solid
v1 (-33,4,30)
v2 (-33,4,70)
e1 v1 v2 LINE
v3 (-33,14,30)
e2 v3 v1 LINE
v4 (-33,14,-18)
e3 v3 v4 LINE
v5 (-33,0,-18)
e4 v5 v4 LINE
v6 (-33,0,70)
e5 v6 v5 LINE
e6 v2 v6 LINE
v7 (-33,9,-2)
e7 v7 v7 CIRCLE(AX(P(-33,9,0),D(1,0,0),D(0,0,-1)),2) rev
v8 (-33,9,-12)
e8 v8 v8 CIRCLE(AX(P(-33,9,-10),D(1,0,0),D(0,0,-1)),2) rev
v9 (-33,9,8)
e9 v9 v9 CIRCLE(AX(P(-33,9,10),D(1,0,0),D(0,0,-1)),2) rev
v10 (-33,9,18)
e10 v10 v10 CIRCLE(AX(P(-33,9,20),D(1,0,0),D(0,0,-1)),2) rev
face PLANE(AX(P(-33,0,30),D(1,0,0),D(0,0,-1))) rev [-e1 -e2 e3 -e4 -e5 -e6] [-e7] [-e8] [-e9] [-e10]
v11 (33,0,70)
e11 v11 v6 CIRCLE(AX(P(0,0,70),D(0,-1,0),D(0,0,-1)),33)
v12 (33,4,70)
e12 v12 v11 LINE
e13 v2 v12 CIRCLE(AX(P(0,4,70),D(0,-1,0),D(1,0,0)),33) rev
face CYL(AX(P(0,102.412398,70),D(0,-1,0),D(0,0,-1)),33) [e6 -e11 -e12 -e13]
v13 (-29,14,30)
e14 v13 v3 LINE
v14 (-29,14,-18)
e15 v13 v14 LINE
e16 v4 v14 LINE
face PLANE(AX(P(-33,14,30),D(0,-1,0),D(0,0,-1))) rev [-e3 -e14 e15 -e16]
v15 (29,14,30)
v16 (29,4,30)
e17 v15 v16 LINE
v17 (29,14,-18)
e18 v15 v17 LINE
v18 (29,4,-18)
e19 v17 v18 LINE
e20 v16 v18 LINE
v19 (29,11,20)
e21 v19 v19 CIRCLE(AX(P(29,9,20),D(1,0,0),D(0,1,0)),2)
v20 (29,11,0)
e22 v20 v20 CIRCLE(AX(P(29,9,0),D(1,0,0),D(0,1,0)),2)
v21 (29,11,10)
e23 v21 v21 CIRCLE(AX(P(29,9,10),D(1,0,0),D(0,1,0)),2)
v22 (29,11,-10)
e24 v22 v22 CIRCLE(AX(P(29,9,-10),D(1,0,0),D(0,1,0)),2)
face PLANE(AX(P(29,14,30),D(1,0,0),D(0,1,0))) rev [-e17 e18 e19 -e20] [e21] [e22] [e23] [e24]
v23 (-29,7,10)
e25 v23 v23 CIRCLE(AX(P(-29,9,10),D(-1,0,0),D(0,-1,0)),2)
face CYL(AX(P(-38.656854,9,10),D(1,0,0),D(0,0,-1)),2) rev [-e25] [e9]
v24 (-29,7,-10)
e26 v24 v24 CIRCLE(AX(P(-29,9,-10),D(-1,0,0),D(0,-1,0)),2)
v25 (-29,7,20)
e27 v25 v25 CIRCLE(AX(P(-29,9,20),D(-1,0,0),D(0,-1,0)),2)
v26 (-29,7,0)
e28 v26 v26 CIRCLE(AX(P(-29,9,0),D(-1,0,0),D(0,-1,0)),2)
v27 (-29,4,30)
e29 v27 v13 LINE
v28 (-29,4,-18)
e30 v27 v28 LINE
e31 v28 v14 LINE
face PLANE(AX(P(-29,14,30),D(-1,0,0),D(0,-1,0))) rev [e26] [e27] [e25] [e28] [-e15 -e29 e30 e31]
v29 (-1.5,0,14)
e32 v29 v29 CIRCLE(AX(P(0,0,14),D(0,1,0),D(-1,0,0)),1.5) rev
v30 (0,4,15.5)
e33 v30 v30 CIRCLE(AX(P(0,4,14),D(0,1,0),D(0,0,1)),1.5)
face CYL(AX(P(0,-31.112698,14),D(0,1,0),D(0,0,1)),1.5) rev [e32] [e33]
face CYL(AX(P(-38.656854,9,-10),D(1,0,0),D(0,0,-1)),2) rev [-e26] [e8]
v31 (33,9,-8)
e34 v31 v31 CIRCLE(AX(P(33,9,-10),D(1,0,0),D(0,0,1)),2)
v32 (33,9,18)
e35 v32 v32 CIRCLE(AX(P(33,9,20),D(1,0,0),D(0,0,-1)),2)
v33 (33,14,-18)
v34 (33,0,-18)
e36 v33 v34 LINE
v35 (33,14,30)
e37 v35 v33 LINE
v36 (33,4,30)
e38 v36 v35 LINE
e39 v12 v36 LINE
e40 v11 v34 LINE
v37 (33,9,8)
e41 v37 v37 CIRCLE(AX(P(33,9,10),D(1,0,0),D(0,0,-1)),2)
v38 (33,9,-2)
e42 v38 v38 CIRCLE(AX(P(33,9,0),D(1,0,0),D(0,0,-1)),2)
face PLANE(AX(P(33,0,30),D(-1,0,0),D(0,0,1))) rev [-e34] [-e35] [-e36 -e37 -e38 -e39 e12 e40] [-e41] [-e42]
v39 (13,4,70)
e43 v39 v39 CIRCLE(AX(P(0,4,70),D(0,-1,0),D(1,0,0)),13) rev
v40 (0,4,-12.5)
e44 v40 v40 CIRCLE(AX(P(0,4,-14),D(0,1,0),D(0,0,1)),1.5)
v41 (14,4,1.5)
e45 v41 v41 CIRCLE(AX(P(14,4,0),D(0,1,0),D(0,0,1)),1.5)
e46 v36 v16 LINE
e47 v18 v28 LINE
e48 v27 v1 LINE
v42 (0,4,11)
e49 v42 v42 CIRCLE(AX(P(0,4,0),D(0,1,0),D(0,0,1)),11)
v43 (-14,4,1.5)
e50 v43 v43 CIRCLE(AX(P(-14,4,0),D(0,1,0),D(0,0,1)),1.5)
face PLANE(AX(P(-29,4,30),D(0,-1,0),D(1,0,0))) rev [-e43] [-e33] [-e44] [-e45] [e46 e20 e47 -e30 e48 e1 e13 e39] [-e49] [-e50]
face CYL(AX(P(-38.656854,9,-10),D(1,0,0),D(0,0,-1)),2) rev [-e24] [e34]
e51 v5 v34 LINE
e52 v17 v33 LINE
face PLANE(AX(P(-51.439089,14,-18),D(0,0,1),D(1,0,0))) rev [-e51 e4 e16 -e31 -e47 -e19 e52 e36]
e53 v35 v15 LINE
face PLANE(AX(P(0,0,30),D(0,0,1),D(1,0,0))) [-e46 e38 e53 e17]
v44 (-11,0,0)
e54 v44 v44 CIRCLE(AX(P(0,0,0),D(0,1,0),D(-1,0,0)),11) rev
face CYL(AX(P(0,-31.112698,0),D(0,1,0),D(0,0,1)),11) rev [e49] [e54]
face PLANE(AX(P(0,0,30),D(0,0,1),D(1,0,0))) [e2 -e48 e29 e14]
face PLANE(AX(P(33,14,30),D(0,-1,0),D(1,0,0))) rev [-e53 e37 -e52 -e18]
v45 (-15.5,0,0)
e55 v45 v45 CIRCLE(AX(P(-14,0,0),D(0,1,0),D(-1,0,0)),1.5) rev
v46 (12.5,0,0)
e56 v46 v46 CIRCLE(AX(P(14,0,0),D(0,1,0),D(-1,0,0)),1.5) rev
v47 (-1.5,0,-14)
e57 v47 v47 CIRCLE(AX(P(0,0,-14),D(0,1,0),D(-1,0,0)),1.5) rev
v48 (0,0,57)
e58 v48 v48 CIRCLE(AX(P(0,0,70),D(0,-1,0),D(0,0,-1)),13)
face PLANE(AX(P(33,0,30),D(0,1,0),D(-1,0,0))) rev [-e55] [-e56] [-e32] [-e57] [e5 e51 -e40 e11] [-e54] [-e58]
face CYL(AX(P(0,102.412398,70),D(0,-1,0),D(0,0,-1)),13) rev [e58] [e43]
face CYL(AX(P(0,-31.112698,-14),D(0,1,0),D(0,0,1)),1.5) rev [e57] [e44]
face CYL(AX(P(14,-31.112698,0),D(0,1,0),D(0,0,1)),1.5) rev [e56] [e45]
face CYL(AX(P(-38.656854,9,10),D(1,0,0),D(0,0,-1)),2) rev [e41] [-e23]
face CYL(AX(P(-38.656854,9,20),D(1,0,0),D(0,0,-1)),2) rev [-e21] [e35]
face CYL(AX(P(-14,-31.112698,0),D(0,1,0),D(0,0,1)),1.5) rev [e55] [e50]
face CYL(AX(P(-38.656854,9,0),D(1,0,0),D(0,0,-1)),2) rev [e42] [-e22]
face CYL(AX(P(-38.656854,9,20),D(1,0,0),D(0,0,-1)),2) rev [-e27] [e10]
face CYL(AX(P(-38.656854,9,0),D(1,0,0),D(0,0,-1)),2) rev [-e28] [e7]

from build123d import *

# Parameters (mm, degrees)
EXTRUDE_1_DEPTH     = 30
CUT_EXTRUDE_1_REACH = 75.838
SKETCH_2_R          = 2
SKETCH_3_R          = 11
SKETCH_3_R_2        = 1.5
CUT_EXTRUDE_2_DEPTH = 4
SKETCH_4_R          = 13
EXTRUDE_2_DEPTH     = 4
CUT_EXTRUDE_3_REACH = 125.13
SKETCH_5_W          = 12
SKETCH_5_H          = 14


with BuildPart() as part:
    # 草图1 → 凸台-拉伸1 (new, symmetric)
    with BuildSketch(Plane.XY):
        Polygon((33, 0), (-33, 0), (-33, 14), (-29, 14), (-29, 4), (29, 4), (29, 14), (33, 14), align=None)
    extrude(amount=EXTRUDE_1_DEPTH, both=True)

    # 切除-拉伸1: up to this face of the body (flat: up to its plane)
    cut_extrude_1_end = Plane(part.part.faces().sort_by_distance((-33, 7, 0))[0])
    # 草图2 → 切除-拉伸1 (cut, up to the picked face)
    with BuildSketch(Plane(origin=(33, 0, 0), x_dir=(0, 0, -1), z_dir=(1, 0, 0)), mode=Mode.PRIVATE) as cut_extrude_1_sk1:
        with Locations((-20, 9)):
            Circle(SKETCH_2_R)
    cut_extrude_1_tool1 = split(extrude(cut_extrude_1_sk1.sketch, amount=-CUT_EXTRUDE_1_REACH, mode=Mode.PRIVATE), bisect_by=cut_extrude_1_end, keep=Keep.BOTH, mode=Mode.PRIVATE)
    # 草图2 → 切除-拉伸1 (cut, up to the picked face)
    with BuildSketch(Plane(origin=(33, 0, 0), x_dir=(0, 0, -1), z_dir=(1, 0, 0)), mode=Mode.PRIVATE) as cut_extrude_1_sk2:
        with Locations((-10, 9)):
            Circle(SKETCH_2_R)
    cut_extrude_1_tool2 = split(extrude(cut_extrude_1_sk2.sketch, amount=-CUT_EXTRUDE_1_REACH, mode=Mode.PRIVATE), bisect_by=cut_extrude_1_end, keep=Keep.BOTH, mode=Mode.PRIVATE)
    # 草图2 → 切除-拉伸1 (cut, up to the picked face)
    with BuildSketch(Plane(origin=(33, 0, 0), x_dir=(0, 0, -1), z_dir=(1, 0, 0)), mode=Mode.PRIVATE) as cut_extrude_1_sk3:
        with Locations(Location((10, 9, 0), (0, 0, 90))):
            Circle(SKETCH_2_R)
    cut_extrude_1_tool3 = split(extrude(cut_extrude_1_sk3.sketch, amount=-CUT_EXTRUDE_1_REACH, mode=Mode.PRIVATE), bisect_by=cut_extrude_1_end, keep=Keep.BOTH, mode=Mode.PRIVATE)
    # 草图2 → 切除-拉伸1 (cut, up to the picked face)
    with BuildSketch(Plane(origin=(33, 0, 0), x_dir=(0, 0, -1), z_dir=(1, 0, 0)), mode=Mode.PRIVATE) as cut_extrude_1_sk4:
        with Locations((0, 9)):
            Circle(SKETCH_2_R)
    cut_extrude_1_tool4 = split(extrude(cut_extrude_1_sk4.sketch, amount=-CUT_EXTRUDE_1_REACH, mode=Mode.PRIVATE), bisect_by=cut_extrude_1_end, keep=Keep.BOTH, mode=Mode.PRIVATE)
    add(cut_extrude_1_tool1.solids().sort_by(Axis((33, 9, 20), (-1, 0, 0)))[0], mode=Mode.SUBTRACT)
    add(cut_extrude_1_tool2.solids().sort_by(Axis((33, 9, 10), (-1, 0, 0)))[0], mode=Mode.SUBTRACT)
    add(cut_extrude_1_tool3.solids().sort_by(Axis((33, 9, -10), (-1, 0, 0)))[0], mode=Mode.SUBTRACT)
    add(cut_extrude_1_tool4.solids().sort_by(Axis((33, 9, 0), (-1, 0, 0)))[0], mode=Mode.SUBTRACT)

    # 草图3 → 切除-拉伸2 (cut)
    with BuildSketch(Plane(origin=(0, 4, 0), x_dir=(1, 0, 0), z_dir=(0, 1, 0))):
        with Locations(Location((0, 0, 0), (0, 0, 270))):
            Circle(SKETCH_3_R)
        with Locations(Location((0, 14, 0), (0, 0, 270))):
            Circle(SKETCH_3_R_2)
        with Locations(Location((14, 0, 0), (0, 0, 270))):
            Circle(SKETCH_3_R_2)
        with Locations(Location((0, -14, 0), (0, 0, 270))):
            Circle(SKETCH_3_R_2)
        with Locations(Location((-14, 0, 0), (0, 0, 270))):
            Circle(SKETCH_3_R_2)
    extrude(amount=-CUT_EXTRUDE_2_DEPTH, mode=Mode.SUBTRACT)

    # 草图4 → 凸台-拉伸2 (add)
    with BuildSketch(Plane.XZ):
        with BuildLine():
            Line((-33, 30), (33, 30))
            Line((33, 30), (33, 70))
            ThreePointArc((33, 70), (0, 103), (-33, 70))
            Line((-33, 70), (-33, 30))
        make_face()
        with Locations(Location((0, 70, 0), (0, 0, 270))):
            Circle(SKETCH_4_R, mode=Mode.SUBTRACT)
    extrude(amount=-EXTRUDE_2_DEPTH)

    # 切除-拉伸3: up to this face of the body (flat: up to its plane)
    cut_extrude_3_end = Plane(part.part.faces().sort_by_distance((-33, 6.051807691, 8.158777474))[0])
    # 草图5 → 切除-拉伸3 (cut, up to the picked face)
    with BuildSketch(Plane(origin=(33, 0, 0), x_dir=(0, 0, -1), z_dir=(1, 0, 0)), mode=Mode.PRIVATE) as cut_extrude_3_sk1:
        with Locations((24, 7)):
            Rectangle(SKETCH_5_W, SKETCH_5_H)
    cut_extrude_3_tool1 = split(extrude(cut_extrude_3_sk1.sketch, amount=-CUT_EXTRUDE_3_REACH, mode=Mode.PRIVATE), bisect_by=cut_extrude_3_end, keep=Keep.BOTH, mode=Mode.PRIVATE)
    add(cut_extrude_3_tool1.solids().sort_by(Axis((33, 7, -24), (-1, 0, 0)))[0], mode=Mode.SUBTRACT)


solid = part.part
